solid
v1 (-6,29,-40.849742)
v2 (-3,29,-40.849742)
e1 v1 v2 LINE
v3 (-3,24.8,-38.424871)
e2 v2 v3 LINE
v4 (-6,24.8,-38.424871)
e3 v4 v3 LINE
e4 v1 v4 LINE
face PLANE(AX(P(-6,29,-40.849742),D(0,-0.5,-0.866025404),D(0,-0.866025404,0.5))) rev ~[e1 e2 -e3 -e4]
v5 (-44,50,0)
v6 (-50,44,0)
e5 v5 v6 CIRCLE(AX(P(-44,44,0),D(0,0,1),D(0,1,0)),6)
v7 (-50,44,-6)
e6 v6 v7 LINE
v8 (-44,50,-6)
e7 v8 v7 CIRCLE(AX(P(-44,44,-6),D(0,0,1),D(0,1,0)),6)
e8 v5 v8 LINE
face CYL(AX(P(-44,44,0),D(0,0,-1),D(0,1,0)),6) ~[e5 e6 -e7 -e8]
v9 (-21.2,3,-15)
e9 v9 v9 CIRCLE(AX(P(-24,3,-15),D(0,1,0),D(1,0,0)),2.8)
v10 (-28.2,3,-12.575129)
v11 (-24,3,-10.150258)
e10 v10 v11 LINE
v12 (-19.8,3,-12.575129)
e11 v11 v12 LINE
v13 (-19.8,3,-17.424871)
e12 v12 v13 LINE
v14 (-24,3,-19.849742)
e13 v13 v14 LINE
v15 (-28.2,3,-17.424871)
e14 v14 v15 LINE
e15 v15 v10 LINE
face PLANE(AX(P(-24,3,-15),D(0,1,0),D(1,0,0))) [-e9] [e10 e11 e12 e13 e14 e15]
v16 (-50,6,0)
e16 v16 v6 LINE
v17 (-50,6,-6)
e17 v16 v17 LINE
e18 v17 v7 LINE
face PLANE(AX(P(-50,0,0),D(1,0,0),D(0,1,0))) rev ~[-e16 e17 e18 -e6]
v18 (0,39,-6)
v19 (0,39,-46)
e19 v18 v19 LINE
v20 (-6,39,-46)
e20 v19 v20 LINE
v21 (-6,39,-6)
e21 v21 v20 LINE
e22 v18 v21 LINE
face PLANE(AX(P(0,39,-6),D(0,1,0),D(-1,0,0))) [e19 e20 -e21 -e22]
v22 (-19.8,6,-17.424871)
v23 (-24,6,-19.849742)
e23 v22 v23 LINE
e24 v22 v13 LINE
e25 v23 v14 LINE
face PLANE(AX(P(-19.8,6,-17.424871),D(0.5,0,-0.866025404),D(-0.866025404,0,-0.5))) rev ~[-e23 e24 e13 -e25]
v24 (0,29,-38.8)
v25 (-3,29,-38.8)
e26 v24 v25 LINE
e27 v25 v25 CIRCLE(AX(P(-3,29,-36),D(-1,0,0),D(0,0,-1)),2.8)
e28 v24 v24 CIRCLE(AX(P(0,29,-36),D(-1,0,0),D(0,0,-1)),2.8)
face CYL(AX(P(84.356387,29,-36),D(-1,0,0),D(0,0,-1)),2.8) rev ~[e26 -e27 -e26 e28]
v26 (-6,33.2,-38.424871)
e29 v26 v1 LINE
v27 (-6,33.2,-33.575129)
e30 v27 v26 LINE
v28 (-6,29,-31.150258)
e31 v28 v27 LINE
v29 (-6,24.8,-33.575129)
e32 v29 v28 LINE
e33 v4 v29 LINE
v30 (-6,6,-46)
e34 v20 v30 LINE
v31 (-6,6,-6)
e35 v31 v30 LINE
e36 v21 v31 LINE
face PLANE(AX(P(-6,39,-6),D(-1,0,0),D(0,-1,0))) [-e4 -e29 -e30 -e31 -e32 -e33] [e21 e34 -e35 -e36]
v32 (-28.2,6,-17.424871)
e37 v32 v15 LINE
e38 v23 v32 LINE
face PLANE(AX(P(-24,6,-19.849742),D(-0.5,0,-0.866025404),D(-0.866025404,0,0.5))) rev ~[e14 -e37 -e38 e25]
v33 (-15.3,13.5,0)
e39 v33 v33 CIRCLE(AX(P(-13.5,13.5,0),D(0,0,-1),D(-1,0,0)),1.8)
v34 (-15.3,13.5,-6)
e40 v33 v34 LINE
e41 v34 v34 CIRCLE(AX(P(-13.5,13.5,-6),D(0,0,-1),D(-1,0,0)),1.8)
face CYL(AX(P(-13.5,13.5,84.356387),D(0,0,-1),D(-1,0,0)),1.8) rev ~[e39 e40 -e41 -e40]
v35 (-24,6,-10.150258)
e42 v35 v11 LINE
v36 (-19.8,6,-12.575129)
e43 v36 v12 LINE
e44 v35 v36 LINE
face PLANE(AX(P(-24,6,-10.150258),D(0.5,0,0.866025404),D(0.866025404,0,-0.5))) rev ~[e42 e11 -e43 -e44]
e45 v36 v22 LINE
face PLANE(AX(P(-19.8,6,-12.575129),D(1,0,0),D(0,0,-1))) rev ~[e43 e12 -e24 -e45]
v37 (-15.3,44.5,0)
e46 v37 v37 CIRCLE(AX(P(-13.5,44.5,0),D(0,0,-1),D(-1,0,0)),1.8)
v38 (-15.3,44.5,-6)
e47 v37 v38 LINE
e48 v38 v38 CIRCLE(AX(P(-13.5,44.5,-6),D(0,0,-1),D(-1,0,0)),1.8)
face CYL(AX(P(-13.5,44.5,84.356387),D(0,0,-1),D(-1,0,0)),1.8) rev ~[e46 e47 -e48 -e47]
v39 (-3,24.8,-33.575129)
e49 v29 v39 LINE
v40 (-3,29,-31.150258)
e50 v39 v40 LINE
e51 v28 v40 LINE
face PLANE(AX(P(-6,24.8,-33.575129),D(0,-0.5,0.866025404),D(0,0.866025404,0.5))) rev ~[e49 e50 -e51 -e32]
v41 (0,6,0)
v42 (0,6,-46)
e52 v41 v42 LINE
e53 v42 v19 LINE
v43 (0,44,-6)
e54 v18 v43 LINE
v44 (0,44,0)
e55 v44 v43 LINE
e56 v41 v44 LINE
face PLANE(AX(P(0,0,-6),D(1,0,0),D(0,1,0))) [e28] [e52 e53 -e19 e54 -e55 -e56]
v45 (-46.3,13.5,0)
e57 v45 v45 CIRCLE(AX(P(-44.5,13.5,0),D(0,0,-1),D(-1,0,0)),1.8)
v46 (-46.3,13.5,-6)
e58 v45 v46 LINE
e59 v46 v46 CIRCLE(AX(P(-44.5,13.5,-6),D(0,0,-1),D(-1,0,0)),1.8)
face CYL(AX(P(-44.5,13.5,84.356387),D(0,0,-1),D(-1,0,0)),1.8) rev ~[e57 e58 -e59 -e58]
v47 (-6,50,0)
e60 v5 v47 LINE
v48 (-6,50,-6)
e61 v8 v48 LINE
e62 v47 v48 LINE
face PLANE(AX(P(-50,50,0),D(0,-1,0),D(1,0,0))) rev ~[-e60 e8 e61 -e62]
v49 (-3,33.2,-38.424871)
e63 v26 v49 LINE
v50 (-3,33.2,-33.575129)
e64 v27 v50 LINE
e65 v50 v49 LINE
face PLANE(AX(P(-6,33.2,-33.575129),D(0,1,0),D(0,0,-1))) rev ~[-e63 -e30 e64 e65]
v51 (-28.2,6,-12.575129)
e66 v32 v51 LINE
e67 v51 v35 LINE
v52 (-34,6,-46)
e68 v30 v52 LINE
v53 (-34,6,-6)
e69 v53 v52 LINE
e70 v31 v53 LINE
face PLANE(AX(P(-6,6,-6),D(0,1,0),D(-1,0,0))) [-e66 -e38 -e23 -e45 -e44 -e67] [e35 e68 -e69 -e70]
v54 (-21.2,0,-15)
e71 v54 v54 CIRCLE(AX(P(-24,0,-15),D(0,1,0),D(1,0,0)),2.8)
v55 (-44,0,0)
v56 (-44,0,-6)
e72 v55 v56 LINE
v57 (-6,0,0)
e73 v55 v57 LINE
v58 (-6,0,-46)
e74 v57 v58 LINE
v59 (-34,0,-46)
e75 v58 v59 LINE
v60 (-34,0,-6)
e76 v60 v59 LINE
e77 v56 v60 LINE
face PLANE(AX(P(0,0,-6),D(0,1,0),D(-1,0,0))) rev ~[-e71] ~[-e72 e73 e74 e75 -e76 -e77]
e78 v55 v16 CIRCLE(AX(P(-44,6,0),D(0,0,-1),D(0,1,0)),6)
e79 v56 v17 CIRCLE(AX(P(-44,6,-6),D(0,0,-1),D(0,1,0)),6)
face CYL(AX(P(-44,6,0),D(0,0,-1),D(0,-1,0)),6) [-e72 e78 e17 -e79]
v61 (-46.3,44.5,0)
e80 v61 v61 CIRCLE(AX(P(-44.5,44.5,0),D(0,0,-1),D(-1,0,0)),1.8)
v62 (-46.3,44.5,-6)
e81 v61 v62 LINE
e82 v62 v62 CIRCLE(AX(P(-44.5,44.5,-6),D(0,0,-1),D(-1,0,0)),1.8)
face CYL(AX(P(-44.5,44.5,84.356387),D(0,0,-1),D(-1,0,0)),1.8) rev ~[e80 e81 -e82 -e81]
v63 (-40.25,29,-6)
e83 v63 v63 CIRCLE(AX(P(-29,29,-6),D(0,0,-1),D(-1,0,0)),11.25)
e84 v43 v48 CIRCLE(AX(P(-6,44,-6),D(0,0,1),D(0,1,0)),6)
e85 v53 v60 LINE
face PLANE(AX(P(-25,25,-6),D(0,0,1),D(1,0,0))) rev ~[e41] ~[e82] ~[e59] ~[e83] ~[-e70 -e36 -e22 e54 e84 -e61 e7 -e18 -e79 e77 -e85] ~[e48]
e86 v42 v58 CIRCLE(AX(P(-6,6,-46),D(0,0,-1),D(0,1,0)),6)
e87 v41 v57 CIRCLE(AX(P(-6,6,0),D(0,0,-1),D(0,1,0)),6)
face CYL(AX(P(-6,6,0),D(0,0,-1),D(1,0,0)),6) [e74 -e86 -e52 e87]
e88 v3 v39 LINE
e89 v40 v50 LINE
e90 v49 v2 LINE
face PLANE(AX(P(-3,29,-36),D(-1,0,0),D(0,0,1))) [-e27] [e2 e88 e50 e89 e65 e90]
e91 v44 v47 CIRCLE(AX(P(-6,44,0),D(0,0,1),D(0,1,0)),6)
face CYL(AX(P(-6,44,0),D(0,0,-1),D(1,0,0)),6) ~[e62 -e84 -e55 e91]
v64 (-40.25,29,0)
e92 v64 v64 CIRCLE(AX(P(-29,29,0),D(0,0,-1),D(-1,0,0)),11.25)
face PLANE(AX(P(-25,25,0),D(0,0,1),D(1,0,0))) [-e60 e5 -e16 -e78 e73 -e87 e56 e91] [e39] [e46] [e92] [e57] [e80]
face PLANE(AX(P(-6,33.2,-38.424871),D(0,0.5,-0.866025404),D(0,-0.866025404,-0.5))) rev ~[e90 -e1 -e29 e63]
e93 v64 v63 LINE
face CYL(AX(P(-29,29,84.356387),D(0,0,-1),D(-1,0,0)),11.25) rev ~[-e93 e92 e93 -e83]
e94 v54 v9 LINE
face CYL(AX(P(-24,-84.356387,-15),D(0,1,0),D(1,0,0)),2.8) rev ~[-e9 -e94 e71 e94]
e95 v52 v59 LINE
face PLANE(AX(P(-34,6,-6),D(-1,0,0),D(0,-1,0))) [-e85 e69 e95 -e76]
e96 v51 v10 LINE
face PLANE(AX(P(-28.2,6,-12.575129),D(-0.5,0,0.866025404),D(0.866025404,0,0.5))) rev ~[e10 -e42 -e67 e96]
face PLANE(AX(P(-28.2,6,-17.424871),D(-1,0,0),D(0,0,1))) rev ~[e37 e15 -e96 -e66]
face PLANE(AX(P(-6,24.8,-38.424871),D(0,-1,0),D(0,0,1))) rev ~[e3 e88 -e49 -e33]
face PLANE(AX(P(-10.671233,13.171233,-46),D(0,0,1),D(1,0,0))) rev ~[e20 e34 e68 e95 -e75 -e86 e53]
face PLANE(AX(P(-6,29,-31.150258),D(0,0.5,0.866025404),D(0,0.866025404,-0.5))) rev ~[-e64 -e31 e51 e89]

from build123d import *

# Parameters (mm, degrees)
SKETCH1_W              = 50
SKETCH1_H              = 50
BOSS_EXTRUDE1_DEPTH    = 6
BOSS_EXTRUDE2_DEPTH    = 40
F_3_6MM_DOWEL_HOLE1_D  = 3.6
F_22_5MM_DOWEL_HOLE1_D = 22.5
F_5_6MM_DOWEL_HOLE1_D  = 5.6
F_5_6MM_DOWEL_HOLE2_D  = 5.6
CUT_EXTRUDE1_DEPTH     = 3
CUT_EXTRUDE2_DEPTH     = 3
FILLET1_R              = 6


with BuildPart() as part:
    # Sketch1 → Boss-Extrude1 (new body)
    with BuildSketch(Plane.XY):
        with Locations((-25, 25)):
            Rectangle(SKETCH1_W, SKETCH1_H)
    extrude(amount=-BOSS_EXTRUDE1_DEPTH)

    # Sketch2 → Boss-Extrude2 (add)
    with BuildSketch(Plane(origin=(0, 0, -6), x_dir=(-1, 0, 0), z_dir=(0, 0, -1))):
        Polygon((0, 39), (6, 39), (6, 6), (34, 6), (34, 0), (6, 0), (0, 0), align=None)
    extrude(amount=BOSS_EXTRUDE2_DEPTH)

    # Ø3.6mm Dowel Hole1 (through all)
    with Locations(Plane.XY):
        with Locations((-44.5, 44.5), (-13.5, 44.5), (-13.5, 13.5), (-44.5, 13.5)):
            Hole(F_3_6MM_DOWEL_HOLE1_D / 2)

    # Ø22.5mm Dowel Hole1 (through all)
    with Locations(Plane.XY):
        with Locations((-29, 29)):
            Hole(F_22_5MM_DOWEL_HOLE1_D / 2)

    # Ø5.6mm Dowel Hole1 (through all)
    with Locations(Plane(origin=(0, 29, -36), x_dir=(0, 0, 1), z_dir=(1, 0, 0))):
        with Locations((0, 0)):
            Hole(F_5_6MM_DOWEL_HOLE1_D / 2)

    # Ø5.6mm Dowel Hole2 (through all)
    with Locations(Plane(origin=(0, 0, 0), x_dir=(-1, 0, 0), z_dir=(0, -1, 0))):
        with Locations((24, 15)):
            Hole(F_5_6MM_DOWEL_HOLE2_D / 2)

    # Sketch12 → Cut-Extrude1 (cut)
    with BuildSketch(Plane(origin=(0, 6, 0), x_dir=(1, 0, 0), z_dir=(0, 1, 0))):
        Polygon((-28.2, 12.575128869), (-24, 10.150257739), (-19.8, 12.575128869), (-19.8, 17.424871131), (-24, 19.849742261), (-28.2, 17.424871131), align=None)
    extrude(amount=-CUT_EXTRUDE1_DEPTH, mode=Mode.SUBTRACT)

    # Sketch13 → Cut-Extrude2 (cut)
    with BuildSketch(Plane.ZY.offset(6)):
        Polygon((-40.849742261, 29), (-38.424871131, 24.8), (-33.575128869, 24.8), (-31.150257739, 29), (-33.575128869, 33.2), (-38.424871131, 33.2), align=None)
    extrude(amount=-CUT_EXTRUDE2_DEPTH, mode=Mode.SUBTRACT)

    # Fillet1
    fillet1_edges = [part.edges().sort_by_distance(p)[0] for p in [
        (-50, 50, -3),
        (0, 50, -3),
        (0, 0, -23),
        (-50, 0, -3),
    ]]
    fillet(fillet1_edges, radius=FILLET1_R)


solid = part.part
